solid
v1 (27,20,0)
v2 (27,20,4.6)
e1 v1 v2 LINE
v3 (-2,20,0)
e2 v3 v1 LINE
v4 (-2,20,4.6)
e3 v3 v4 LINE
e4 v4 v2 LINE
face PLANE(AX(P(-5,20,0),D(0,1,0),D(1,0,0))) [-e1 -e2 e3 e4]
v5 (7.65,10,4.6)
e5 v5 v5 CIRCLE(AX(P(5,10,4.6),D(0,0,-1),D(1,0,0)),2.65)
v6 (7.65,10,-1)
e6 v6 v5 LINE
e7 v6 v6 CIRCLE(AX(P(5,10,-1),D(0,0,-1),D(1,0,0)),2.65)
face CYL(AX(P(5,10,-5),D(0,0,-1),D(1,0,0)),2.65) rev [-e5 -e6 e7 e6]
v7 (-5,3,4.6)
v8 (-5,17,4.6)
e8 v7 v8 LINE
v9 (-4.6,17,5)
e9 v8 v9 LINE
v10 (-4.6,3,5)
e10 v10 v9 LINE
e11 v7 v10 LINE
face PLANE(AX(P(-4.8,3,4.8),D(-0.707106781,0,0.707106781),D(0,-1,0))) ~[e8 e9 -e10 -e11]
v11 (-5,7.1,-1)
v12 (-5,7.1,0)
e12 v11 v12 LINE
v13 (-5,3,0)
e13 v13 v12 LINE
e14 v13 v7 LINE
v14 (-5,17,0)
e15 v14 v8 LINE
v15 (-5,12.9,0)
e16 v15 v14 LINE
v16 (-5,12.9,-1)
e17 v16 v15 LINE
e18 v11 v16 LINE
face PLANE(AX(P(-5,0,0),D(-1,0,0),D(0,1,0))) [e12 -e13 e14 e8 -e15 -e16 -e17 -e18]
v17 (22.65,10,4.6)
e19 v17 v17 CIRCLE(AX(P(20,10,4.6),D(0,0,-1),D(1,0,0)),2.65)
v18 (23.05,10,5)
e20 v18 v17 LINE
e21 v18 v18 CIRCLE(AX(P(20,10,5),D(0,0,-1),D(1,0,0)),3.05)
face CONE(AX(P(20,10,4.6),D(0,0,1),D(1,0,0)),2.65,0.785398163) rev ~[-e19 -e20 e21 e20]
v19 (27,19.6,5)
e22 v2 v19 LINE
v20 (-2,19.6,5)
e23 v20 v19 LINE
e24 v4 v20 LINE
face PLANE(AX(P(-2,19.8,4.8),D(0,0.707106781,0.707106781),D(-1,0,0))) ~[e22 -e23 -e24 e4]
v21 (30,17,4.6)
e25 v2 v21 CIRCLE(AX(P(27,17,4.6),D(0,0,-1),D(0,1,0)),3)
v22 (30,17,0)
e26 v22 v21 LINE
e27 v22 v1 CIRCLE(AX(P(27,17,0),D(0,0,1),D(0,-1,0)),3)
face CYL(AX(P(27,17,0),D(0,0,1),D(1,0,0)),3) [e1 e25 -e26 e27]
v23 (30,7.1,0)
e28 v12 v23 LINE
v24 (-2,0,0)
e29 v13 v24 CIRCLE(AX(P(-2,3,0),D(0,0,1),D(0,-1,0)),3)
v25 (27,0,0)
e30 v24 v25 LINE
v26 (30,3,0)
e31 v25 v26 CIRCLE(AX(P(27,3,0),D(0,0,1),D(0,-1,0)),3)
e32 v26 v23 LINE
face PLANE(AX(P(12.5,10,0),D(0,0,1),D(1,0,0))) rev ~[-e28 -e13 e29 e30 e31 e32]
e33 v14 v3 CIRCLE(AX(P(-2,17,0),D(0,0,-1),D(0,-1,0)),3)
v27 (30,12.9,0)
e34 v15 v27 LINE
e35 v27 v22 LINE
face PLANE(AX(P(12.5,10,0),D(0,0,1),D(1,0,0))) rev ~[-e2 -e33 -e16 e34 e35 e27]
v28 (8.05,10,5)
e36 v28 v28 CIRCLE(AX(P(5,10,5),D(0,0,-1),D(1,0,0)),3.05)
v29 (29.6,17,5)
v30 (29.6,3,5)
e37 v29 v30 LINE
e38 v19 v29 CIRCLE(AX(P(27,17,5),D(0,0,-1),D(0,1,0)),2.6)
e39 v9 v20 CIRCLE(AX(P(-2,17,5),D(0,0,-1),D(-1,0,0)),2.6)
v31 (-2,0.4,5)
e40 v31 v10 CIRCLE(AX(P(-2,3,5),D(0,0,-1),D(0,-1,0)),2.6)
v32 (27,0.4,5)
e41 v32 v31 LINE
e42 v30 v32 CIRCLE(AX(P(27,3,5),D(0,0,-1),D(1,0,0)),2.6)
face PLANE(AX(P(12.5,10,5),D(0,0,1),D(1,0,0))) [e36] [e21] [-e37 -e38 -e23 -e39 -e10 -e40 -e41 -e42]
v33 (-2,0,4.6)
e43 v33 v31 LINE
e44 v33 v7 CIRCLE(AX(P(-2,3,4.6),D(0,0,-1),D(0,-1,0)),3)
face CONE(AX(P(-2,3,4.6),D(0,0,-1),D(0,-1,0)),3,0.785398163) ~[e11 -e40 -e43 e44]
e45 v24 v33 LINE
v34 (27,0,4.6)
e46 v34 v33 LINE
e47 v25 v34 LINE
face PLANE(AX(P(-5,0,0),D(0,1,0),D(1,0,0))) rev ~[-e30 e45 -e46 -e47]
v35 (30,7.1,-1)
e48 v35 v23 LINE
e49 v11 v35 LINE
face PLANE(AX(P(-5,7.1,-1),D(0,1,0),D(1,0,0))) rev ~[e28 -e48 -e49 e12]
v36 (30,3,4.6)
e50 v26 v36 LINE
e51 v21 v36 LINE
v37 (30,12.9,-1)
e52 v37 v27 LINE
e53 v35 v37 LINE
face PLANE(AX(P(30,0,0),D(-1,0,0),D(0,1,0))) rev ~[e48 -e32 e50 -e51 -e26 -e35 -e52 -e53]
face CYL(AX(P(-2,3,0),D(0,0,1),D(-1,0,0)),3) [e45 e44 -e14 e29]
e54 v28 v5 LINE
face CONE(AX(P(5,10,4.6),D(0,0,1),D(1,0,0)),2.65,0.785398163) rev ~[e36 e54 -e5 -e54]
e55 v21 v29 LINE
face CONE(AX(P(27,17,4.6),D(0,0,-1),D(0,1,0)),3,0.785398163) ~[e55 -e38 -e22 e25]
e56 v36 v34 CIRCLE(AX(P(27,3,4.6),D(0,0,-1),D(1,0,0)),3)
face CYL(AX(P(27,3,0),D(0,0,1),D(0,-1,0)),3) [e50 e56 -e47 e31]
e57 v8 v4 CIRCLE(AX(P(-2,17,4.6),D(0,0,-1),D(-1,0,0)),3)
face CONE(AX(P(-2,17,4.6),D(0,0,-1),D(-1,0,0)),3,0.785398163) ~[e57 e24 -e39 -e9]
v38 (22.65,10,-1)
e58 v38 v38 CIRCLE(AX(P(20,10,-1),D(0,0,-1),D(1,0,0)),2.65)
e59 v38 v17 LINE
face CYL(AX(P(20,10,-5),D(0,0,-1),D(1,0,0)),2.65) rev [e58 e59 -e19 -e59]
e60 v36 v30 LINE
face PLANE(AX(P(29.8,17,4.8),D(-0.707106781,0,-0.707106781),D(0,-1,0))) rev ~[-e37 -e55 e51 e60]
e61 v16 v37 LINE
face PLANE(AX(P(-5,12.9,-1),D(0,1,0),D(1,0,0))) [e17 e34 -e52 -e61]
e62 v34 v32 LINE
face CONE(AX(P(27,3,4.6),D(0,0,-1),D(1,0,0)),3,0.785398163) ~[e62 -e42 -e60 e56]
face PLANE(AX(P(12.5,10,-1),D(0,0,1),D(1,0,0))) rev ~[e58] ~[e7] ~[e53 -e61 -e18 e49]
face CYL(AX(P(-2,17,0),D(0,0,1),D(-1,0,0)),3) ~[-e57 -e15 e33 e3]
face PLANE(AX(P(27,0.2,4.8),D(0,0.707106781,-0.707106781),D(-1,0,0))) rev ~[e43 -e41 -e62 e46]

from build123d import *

# Parameters (mm, degrees)
CYLINDER001_R     = 2.65
CYLINDER001_DEPTH = 14
CYLINDER_R        = 2.65
CYLINDER_DEPTH    = 14
BOX_W             = 35
BOX_H             = 20
BOX_DEPTH         = 5
FILLET_R          = 3
BOX001_W          = 35
BOX001_H          = 5.8
BOX001_DEPTH      = 2
CHAMFER_SIZE      = 0.4


with BuildPart() as cylinder001:
    # Cylinder001 → Cylinder001 (new body)
    with BuildSketch(Plane(origin=(20, 10, -5), x_dir=(1, 0, 0), z_dir=(0, 0, 1))):
        Circle(CYLINDER001_R)
    extrude(amount=CYLINDER001_DEPTH)


with BuildPart() as fusion001:
    # Cylinder → Cylinder (new body)
    with BuildSketch(Plane(origin=(5, 10, -5), x_dir=(1, 0, 0), z_dir=(0, 0, 1))):
        Circle(CYLINDER_R)
    extrude(amount=CYLINDER_DEPTH)

    # Fusion001: union Cylinder001
    add(cylinder001.part)


with BuildPart() as fillet_body:
    # Box → Box (new body)
    with BuildSketch(Plane(origin=(-5, 0, 0), x_dir=(1, 0, 0), z_dir=(0, 0, 1))):
        with Locations((17.5, 10)):
            Rectangle(BOX_W, BOX_H)
    extrude(amount=BOX_DEPTH)

    # Fillet
    fillet_edges = [fillet_body.edges().sort_by_distance(p)[0] for p in [
        (-5, 0, 2.5),
        (-5, 20, 2.5),
        (30, 0, 2.5),
        (30, 20, 2.5),
    ]]
    fillet(fillet_edges, radius=FILLET_R)


with BuildPart() as chamfer_body:
    # Box001 → Box001 (new body)
    with BuildSketch(Plane(origin=(-5, 7.1, -1), x_dir=(1, 0, 0), z_dir=(0, 0, 1))):
        with Locations((17.5, 2.9)):
            Rectangle(BOX001_W, BOX001_H)
    extrude(amount=BOX001_DEPTH)

    # Fusion: union Fillet body
    add(fillet_body.part)

    # Cut: cut Fusion001
    add(fusion001.part, mode=Mode.SUBTRACT)

    # Chamfer
    chamfer_edges = [chamfer_body.edges().sort_by_distance(p)[0] for p in [
        (-5, 10, 5),
        (2.35, 10, 5),
        (17.35, 10, 5),
        (30, 10, 5),
        (29.12132, 0.87868, 5),
        (12.5, 0, 5),
        (-4.12132, 0.87868, 5),
        (-4.12132, 19.12132, 5),
        (12.5, 20, 5),
        (29.12132, 19.12132, 5),
    ]]
    chamfer(chamfer_edges, length=CHAMFER_SIZE)


solid = chamfer_body.part
